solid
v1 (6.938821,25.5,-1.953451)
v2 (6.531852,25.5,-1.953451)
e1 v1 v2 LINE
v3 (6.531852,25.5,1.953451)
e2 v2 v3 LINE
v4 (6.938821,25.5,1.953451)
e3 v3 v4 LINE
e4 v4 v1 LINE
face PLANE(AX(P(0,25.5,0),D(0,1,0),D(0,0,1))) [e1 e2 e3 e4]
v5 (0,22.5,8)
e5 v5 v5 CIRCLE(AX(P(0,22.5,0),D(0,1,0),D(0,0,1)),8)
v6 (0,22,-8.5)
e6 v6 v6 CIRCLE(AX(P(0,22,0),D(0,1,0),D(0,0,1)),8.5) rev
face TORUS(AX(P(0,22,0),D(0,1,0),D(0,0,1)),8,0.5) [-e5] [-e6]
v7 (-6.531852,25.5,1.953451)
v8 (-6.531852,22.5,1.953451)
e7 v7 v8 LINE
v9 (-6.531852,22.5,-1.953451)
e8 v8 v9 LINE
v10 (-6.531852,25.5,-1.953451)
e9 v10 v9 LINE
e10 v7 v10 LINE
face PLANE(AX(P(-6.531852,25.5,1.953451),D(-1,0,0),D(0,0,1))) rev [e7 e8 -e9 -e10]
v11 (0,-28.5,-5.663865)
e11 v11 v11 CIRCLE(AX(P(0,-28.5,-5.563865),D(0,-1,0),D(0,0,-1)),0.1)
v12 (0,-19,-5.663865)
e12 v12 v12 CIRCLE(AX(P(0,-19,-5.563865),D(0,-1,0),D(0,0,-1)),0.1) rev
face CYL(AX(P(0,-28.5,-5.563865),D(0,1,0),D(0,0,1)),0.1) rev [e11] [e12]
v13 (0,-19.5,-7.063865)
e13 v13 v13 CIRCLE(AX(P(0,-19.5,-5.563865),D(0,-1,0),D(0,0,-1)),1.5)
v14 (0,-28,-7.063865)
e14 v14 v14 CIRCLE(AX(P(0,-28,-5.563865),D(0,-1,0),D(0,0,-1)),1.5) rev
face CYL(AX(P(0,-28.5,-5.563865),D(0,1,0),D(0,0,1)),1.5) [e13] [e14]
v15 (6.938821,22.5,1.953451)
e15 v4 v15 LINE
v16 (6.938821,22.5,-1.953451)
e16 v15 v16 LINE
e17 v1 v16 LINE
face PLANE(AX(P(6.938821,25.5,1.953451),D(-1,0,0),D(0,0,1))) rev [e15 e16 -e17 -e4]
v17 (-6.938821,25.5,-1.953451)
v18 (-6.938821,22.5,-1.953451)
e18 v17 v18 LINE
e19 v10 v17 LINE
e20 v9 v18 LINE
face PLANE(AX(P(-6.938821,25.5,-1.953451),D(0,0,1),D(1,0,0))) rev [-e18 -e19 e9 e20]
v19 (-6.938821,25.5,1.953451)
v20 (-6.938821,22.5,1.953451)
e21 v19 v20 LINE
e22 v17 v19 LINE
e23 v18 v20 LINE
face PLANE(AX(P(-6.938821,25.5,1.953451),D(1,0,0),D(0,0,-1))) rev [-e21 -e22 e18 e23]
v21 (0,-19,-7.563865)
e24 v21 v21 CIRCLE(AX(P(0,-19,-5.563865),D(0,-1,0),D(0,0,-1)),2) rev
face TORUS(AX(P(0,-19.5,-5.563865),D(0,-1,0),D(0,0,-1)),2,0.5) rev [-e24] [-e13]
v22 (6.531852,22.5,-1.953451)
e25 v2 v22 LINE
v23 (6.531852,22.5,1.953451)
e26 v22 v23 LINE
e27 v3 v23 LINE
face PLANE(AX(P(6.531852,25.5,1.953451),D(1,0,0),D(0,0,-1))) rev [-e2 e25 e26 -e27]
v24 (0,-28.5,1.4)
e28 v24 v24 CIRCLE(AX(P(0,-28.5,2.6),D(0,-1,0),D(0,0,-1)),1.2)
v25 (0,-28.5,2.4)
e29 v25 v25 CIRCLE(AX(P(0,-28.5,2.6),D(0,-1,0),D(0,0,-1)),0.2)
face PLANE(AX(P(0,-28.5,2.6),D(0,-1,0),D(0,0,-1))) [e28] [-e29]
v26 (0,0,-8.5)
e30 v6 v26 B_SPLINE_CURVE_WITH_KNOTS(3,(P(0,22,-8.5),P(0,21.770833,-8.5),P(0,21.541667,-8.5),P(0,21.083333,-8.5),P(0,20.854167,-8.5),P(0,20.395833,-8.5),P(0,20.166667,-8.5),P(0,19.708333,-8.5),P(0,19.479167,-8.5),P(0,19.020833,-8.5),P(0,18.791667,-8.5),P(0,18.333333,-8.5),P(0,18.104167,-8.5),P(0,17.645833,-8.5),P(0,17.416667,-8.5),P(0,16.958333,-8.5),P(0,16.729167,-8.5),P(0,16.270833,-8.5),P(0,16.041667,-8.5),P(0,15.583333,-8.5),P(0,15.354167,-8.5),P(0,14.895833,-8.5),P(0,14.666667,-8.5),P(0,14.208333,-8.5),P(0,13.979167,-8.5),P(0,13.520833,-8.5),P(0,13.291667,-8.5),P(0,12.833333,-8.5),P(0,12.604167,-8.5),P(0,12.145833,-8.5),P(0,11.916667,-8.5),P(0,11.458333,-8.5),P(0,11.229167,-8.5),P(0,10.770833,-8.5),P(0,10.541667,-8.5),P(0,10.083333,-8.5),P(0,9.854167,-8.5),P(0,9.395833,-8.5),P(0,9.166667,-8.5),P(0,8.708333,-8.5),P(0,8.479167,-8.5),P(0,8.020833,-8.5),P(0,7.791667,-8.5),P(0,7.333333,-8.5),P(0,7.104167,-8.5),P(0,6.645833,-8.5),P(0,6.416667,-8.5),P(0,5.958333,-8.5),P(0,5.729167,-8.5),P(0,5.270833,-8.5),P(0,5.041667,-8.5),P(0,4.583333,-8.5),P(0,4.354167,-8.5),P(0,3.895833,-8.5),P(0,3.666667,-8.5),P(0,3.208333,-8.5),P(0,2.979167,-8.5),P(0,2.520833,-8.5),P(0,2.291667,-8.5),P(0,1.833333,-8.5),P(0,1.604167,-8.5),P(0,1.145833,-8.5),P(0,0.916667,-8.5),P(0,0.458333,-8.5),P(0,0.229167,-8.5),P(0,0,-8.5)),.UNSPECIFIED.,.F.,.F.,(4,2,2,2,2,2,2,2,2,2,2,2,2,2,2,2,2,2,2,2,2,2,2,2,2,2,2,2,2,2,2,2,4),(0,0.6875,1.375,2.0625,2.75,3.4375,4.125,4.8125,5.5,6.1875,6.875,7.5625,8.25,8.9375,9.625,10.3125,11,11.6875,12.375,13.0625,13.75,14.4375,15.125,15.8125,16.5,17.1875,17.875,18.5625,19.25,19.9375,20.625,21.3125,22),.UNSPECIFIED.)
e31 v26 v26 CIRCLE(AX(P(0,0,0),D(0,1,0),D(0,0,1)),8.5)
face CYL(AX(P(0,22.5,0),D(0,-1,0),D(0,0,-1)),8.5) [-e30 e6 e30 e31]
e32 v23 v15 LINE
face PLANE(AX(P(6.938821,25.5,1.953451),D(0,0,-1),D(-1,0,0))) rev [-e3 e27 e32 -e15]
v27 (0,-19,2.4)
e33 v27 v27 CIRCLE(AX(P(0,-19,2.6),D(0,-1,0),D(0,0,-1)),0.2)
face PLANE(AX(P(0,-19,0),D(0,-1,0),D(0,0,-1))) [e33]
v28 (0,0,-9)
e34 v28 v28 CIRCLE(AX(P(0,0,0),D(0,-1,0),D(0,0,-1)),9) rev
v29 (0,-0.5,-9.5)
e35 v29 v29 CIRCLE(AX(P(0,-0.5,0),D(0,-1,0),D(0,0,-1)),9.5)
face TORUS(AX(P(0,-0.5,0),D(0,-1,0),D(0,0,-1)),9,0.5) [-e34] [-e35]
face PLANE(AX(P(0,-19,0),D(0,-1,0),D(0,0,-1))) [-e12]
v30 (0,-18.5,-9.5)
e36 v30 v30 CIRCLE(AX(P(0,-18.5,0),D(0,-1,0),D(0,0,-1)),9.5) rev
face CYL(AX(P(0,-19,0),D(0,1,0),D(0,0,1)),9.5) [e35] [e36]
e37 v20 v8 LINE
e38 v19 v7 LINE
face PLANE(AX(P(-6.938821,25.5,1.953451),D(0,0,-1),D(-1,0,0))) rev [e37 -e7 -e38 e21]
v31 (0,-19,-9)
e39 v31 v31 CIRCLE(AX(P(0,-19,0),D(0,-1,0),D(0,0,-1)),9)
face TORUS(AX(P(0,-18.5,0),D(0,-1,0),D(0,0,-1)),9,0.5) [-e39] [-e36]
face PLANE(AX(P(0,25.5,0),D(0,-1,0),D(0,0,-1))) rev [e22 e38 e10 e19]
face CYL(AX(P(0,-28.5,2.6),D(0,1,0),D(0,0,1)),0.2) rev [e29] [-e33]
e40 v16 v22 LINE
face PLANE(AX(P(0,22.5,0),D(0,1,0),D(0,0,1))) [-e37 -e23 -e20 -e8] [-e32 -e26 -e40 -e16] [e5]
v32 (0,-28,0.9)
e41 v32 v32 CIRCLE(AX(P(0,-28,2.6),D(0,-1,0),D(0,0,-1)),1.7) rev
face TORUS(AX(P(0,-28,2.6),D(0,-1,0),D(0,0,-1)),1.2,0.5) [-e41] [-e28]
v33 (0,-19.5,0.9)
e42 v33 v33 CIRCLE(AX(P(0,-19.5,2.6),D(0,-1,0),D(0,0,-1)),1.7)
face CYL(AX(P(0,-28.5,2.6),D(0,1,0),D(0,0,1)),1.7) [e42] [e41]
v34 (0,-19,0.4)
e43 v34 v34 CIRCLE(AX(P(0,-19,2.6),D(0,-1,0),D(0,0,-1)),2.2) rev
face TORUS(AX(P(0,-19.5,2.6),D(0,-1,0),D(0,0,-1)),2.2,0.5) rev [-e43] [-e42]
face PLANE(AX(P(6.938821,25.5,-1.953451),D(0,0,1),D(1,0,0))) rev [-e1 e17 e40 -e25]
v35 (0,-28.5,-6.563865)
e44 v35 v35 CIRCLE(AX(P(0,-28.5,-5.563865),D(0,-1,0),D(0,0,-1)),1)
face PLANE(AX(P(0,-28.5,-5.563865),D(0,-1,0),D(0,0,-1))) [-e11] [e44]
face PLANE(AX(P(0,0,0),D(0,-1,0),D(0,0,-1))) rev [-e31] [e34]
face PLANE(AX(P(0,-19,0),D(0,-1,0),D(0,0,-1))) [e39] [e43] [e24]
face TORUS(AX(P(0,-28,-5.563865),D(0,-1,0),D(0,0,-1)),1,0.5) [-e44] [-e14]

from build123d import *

# Parameters (mm, degrees)
SKETCH_1_R      = 8.5
EXTRUDE_1_DEPTH = 22.5
SKETCH_2_R      = 9.5
EXTRUDE_2_DEPTH = 19
SKETCH_3_R      = 1.7
SKETCH_3_R_2    = 0.2
SKETCH_3_R_3    = 1.5
SKETCH_3_R_4    = 0.1
EXTRUDE_3_DEPTH = 9.5
SKETCH_4_W      = 0.406968973
SKETCH_4_H      = 3.906902144
EXTRUDE_4_DEPTH = 3
FILLET_2_R      = 0.5


with BuildPart() as part:
    # 草图1 → 凸台-拉伸1 (new body)
    with BuildSketch(Plane(origin=(0, 0, 0), x_dir=(1, 0, 0), z_dir=(0, 1, 0))):
        with Locations(Location((0, 0, 0), (0, 0, 90))):
            Circle(SKETCH_1_R)
    extrude(amount=EXTRUDE_1_DEPTH)

    # 草图2 → 凸台-拉伸2 (add)
    with BuildSketch(Plane.XZ):
        with Locations(Location((0, 0, 0), (0, 0, 270))):
            Circle(SKETCH_2_R)
    extrude(amount=EXTRUDE_2_DEPTH)

    # 草图3 → 凸台-拉伸3 (add)
    # profile 1 of 2: a face of its own
    with BuildSketch(Plane.XZ.offset(19)):
        with Locations(Location((0, 2.6, 0), (0, 0, 270))):
            Circle(SKETCH_3_R)
        with Locations(Location((0, 2.6, 0), (0, 0, 270))):
            Circle(SKETCH_3_R_2, mode=Mode.SUBTRACT)
    # profile 2 of 2: a face of its own
    with BuildSketch(Plane.XZ.offset(19)):
        with Locations(Location((0, -5.563865297, 0), (0, 0, 270))):
            Circle(SKETCH_3_R_3)
        with Locations(Location((0, -5.563865297, 0), (0, 0, 270))):
            Circle(SKETCH_3_R_4, mode=Mode.SUBTRACT)
    extrude(amount=EXTRUDE_3_DEPTH)

    # 草图4 → 凸台-拉伸4 (add)
    with BuildSketch(Plane(origin=(0, 22.5, 0), x_dir=(1, 0, 0), z_dir=(0, 1, 0))):
        with Locations((-6.735336509, 0)):
            Rectangle(SKETCH_4_W, SKETCH_4_H)
        with Locations((6.735336509, 0)):
            Rectangle(SKETCH_4_W, SKETCH_4_H)
    extrude(amount=EXTRUDE_4_DEPTH)

    # 圆角2
    fillet_2_edges = [part.edges().sort_by_distance(p)[0] for p in [
        (0, -19, 4.3),
        (0, -28.5, 4.3),
        (0, -28.5, -4.063865297),
        (0, -19, -4.063865297),
        (0, 22.5, 8.5),
        (0, 0, 9.5),
        (0, -19, 9.5),
    ]]
    fillet(fillet_2_edges, radius=FILLET_2_R)


solid = part.part
